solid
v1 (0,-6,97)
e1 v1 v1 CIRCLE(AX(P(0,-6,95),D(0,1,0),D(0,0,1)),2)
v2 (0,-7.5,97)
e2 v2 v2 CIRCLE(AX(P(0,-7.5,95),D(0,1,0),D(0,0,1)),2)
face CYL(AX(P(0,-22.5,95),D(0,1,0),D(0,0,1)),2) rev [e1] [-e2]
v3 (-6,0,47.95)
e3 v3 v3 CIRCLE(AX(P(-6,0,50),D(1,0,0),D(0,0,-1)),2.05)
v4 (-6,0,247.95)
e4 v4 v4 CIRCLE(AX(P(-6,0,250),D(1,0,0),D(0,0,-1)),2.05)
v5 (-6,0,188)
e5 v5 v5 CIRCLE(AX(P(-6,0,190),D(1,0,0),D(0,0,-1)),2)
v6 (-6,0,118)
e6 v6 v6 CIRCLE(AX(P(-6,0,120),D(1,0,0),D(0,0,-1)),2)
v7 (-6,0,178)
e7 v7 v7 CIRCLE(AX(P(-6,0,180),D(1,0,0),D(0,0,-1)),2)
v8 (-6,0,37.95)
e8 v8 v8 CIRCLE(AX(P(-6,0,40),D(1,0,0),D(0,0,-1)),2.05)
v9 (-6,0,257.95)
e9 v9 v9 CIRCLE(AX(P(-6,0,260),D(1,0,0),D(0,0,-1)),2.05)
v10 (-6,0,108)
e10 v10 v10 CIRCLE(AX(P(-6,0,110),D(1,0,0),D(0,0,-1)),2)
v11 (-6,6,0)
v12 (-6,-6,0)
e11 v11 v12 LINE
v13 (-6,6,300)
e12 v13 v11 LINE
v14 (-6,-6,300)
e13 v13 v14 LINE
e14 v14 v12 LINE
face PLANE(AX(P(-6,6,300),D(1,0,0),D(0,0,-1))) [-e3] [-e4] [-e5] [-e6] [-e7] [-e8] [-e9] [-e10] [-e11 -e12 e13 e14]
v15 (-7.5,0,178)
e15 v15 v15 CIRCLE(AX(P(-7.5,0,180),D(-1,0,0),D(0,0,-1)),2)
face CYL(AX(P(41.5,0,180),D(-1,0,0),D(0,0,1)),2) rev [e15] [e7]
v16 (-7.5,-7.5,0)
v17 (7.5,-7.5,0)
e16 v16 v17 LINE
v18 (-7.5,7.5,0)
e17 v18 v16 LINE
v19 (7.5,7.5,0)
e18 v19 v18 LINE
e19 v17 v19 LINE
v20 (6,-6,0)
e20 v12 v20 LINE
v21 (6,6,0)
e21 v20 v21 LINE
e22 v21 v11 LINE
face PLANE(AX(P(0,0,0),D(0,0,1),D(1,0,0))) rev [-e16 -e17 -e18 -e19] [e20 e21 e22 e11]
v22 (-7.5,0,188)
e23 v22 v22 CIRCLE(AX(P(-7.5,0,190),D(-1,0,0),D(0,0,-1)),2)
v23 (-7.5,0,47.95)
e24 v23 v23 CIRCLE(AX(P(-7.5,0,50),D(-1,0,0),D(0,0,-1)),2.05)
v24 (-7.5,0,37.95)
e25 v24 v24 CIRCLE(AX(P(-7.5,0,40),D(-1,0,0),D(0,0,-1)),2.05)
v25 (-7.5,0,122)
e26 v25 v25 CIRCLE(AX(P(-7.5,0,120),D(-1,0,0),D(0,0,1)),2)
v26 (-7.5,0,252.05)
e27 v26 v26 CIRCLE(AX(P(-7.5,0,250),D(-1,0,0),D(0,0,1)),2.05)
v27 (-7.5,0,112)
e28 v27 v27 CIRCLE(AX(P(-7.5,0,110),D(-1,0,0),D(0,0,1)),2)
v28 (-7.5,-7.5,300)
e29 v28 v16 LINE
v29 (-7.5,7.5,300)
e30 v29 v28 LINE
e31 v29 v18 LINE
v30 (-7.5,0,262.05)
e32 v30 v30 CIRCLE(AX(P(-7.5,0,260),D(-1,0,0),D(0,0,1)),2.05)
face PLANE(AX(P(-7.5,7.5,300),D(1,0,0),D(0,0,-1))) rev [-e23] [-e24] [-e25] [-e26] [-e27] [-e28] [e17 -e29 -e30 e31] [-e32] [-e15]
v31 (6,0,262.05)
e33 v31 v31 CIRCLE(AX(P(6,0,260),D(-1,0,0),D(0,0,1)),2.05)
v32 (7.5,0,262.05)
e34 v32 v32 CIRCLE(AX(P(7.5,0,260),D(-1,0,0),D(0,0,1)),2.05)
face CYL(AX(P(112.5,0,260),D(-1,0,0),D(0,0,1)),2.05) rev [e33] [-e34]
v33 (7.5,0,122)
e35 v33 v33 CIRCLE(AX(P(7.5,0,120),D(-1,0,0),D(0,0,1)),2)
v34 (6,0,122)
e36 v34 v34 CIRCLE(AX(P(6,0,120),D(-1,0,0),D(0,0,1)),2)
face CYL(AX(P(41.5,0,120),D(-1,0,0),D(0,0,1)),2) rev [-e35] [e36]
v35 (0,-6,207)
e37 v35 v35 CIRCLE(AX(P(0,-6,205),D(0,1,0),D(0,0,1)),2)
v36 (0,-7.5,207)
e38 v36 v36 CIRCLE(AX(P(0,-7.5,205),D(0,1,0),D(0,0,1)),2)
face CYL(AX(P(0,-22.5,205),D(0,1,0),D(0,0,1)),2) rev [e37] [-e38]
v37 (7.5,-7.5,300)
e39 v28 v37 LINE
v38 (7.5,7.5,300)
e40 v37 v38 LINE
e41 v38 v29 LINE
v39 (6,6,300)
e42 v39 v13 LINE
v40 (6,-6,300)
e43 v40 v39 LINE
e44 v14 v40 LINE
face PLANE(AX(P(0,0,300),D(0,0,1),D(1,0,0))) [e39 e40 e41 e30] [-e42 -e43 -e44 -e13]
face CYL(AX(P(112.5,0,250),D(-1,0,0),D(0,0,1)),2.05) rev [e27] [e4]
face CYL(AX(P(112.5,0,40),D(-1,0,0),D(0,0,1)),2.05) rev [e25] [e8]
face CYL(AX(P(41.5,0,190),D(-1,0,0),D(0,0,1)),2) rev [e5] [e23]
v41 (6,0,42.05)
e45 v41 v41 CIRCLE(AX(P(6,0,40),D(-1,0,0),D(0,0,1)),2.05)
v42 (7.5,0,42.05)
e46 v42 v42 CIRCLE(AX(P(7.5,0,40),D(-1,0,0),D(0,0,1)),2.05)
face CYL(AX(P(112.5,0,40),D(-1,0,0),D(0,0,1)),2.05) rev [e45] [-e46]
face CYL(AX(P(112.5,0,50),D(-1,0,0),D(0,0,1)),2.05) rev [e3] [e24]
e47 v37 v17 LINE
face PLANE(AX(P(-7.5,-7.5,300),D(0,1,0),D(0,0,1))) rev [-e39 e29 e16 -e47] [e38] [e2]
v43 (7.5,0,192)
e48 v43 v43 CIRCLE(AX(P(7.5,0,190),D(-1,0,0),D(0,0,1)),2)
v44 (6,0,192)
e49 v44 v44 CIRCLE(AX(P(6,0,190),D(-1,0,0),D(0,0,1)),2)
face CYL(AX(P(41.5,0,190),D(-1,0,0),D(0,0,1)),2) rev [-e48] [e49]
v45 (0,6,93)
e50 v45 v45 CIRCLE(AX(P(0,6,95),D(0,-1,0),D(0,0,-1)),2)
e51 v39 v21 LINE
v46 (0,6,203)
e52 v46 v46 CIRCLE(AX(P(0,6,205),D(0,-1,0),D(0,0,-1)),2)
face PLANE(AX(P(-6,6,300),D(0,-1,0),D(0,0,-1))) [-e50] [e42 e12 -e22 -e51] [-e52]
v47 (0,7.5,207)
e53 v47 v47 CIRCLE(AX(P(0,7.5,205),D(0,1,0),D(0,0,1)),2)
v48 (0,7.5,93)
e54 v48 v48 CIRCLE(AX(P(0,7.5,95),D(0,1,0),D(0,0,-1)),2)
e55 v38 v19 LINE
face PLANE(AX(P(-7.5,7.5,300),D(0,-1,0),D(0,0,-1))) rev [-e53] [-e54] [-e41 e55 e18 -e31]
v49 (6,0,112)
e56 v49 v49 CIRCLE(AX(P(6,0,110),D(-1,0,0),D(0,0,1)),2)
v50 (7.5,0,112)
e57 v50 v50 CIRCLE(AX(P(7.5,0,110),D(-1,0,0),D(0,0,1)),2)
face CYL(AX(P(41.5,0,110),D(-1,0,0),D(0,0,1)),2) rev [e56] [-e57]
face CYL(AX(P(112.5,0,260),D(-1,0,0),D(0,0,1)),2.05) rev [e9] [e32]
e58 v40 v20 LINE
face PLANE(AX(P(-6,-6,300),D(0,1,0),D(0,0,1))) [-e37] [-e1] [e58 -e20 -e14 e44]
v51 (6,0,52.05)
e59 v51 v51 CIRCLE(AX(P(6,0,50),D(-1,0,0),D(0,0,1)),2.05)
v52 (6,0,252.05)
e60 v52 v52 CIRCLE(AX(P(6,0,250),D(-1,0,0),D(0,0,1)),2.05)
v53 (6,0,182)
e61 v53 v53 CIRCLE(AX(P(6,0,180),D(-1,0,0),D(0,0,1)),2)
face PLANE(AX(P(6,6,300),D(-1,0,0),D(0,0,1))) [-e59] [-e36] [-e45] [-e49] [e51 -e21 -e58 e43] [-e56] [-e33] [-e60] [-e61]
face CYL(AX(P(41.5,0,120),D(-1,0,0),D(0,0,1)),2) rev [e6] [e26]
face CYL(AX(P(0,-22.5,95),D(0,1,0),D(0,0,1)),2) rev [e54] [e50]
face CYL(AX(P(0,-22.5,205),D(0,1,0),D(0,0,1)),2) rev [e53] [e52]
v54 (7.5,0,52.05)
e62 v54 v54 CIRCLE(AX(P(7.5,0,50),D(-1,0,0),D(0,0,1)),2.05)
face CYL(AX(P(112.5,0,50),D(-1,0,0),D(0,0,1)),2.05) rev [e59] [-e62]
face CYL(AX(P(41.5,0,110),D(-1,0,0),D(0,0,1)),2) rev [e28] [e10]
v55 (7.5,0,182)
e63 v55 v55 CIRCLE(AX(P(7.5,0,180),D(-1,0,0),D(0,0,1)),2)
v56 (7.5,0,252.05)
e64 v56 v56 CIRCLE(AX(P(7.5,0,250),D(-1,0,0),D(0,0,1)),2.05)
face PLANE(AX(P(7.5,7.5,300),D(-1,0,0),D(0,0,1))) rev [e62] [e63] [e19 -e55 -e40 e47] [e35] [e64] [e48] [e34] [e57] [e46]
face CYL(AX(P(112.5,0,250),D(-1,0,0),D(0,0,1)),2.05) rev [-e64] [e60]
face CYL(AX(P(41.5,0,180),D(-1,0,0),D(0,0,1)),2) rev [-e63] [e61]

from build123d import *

# Parameters (mm, degrees)
SKETCH_1_W          = 15
SKETCH_1_H          = 15
SKETCH_1_W_2        = 12
SKETCH_1_H_2        = 12
EXTRUDE_1_DEPTH     = 300
SKETCH_2_R          = 2
CUT_EXTRUDE_1_DEPTH = 30
SKETCH_4_R          = 2.05
CUT_EXTRUDE_3_DEPTH = 120
SKETCH_5_R          = 2
CUT_EXTRUDE_4_DEPTH = 49


with BuildPart() as part:
    # 草图1 → 凸台-拉伸1 (new body)
    with BuildSketch(Plane.XY):
        Rectangle(SKETCH_1_W, SKETCH_1_H)
        Rectangle(SKETCH_1_W_2, SKETCH_1_H_2, mode=Mode.SUBTRACT)
    extrude(amount=EXTRUDE_1_DEPTH)

    # 草图2 → 切除-拉伸1 (cut)
    with BuildSketch(Plane(origin=(0, 7.5, 0), x_dir=(1, 0, 0), z_dir=(0, 1, 0))):
        with Locations(Location((0, -205, 0), (0, 0, 270))):
            Circle(SKETCH_2_R)
        with Locations(Location((0, -95, 0), (0, 0, 270))):
            Circle(SKETCH_2_R)
    extrude(amount=-CUT_EXTRUDE_1_DEPTH, mode=Mode.SUBTRACT)

    # 草图4 → 切除-拉伸3 (cut)
    with BuildSketch(Plane.ZY.offset(7.5)):
        with Locations((250, 0)):
            Circle(SKETCH_4_R)
        with Locations((260, 0)):
            Circle(SKETCH_4_R)
        with Locations(Location((40, 0, 0), (0, 0, 180))):
            Circle(SKETCH_4_R)
        with Locations(Location((50, 0, 0), (0, 0, 180))):
            Circle(SKETCH_4_R)
    extrude(amount=-CUT_EXTRUDE_3_DEPTH, mode=Mode.SUBTRACT)

    # 草图5 → 切除-拉伸4 (cut)
    with BuildSketch(Plane.ZY.offset(7.5)):
        with Locations((120, 0)):
            Circle(SKETCH_5_R)
        with Locations((110, 0)):
            Circle(SKETCH_5_R)
        with Locations(Location((190, 0, 0), (0, 0, 180))):
            Circle(SKETCH_5_R)
        with Locations(Location((180, 0, 0), (0, 0, 180))):
            Circle(SKETCH_5_R)
    extrude(amount=-CUT_EXTRUDE_4_DEPTH, mode=Mode.SUBTRACT)


solid = part.part
